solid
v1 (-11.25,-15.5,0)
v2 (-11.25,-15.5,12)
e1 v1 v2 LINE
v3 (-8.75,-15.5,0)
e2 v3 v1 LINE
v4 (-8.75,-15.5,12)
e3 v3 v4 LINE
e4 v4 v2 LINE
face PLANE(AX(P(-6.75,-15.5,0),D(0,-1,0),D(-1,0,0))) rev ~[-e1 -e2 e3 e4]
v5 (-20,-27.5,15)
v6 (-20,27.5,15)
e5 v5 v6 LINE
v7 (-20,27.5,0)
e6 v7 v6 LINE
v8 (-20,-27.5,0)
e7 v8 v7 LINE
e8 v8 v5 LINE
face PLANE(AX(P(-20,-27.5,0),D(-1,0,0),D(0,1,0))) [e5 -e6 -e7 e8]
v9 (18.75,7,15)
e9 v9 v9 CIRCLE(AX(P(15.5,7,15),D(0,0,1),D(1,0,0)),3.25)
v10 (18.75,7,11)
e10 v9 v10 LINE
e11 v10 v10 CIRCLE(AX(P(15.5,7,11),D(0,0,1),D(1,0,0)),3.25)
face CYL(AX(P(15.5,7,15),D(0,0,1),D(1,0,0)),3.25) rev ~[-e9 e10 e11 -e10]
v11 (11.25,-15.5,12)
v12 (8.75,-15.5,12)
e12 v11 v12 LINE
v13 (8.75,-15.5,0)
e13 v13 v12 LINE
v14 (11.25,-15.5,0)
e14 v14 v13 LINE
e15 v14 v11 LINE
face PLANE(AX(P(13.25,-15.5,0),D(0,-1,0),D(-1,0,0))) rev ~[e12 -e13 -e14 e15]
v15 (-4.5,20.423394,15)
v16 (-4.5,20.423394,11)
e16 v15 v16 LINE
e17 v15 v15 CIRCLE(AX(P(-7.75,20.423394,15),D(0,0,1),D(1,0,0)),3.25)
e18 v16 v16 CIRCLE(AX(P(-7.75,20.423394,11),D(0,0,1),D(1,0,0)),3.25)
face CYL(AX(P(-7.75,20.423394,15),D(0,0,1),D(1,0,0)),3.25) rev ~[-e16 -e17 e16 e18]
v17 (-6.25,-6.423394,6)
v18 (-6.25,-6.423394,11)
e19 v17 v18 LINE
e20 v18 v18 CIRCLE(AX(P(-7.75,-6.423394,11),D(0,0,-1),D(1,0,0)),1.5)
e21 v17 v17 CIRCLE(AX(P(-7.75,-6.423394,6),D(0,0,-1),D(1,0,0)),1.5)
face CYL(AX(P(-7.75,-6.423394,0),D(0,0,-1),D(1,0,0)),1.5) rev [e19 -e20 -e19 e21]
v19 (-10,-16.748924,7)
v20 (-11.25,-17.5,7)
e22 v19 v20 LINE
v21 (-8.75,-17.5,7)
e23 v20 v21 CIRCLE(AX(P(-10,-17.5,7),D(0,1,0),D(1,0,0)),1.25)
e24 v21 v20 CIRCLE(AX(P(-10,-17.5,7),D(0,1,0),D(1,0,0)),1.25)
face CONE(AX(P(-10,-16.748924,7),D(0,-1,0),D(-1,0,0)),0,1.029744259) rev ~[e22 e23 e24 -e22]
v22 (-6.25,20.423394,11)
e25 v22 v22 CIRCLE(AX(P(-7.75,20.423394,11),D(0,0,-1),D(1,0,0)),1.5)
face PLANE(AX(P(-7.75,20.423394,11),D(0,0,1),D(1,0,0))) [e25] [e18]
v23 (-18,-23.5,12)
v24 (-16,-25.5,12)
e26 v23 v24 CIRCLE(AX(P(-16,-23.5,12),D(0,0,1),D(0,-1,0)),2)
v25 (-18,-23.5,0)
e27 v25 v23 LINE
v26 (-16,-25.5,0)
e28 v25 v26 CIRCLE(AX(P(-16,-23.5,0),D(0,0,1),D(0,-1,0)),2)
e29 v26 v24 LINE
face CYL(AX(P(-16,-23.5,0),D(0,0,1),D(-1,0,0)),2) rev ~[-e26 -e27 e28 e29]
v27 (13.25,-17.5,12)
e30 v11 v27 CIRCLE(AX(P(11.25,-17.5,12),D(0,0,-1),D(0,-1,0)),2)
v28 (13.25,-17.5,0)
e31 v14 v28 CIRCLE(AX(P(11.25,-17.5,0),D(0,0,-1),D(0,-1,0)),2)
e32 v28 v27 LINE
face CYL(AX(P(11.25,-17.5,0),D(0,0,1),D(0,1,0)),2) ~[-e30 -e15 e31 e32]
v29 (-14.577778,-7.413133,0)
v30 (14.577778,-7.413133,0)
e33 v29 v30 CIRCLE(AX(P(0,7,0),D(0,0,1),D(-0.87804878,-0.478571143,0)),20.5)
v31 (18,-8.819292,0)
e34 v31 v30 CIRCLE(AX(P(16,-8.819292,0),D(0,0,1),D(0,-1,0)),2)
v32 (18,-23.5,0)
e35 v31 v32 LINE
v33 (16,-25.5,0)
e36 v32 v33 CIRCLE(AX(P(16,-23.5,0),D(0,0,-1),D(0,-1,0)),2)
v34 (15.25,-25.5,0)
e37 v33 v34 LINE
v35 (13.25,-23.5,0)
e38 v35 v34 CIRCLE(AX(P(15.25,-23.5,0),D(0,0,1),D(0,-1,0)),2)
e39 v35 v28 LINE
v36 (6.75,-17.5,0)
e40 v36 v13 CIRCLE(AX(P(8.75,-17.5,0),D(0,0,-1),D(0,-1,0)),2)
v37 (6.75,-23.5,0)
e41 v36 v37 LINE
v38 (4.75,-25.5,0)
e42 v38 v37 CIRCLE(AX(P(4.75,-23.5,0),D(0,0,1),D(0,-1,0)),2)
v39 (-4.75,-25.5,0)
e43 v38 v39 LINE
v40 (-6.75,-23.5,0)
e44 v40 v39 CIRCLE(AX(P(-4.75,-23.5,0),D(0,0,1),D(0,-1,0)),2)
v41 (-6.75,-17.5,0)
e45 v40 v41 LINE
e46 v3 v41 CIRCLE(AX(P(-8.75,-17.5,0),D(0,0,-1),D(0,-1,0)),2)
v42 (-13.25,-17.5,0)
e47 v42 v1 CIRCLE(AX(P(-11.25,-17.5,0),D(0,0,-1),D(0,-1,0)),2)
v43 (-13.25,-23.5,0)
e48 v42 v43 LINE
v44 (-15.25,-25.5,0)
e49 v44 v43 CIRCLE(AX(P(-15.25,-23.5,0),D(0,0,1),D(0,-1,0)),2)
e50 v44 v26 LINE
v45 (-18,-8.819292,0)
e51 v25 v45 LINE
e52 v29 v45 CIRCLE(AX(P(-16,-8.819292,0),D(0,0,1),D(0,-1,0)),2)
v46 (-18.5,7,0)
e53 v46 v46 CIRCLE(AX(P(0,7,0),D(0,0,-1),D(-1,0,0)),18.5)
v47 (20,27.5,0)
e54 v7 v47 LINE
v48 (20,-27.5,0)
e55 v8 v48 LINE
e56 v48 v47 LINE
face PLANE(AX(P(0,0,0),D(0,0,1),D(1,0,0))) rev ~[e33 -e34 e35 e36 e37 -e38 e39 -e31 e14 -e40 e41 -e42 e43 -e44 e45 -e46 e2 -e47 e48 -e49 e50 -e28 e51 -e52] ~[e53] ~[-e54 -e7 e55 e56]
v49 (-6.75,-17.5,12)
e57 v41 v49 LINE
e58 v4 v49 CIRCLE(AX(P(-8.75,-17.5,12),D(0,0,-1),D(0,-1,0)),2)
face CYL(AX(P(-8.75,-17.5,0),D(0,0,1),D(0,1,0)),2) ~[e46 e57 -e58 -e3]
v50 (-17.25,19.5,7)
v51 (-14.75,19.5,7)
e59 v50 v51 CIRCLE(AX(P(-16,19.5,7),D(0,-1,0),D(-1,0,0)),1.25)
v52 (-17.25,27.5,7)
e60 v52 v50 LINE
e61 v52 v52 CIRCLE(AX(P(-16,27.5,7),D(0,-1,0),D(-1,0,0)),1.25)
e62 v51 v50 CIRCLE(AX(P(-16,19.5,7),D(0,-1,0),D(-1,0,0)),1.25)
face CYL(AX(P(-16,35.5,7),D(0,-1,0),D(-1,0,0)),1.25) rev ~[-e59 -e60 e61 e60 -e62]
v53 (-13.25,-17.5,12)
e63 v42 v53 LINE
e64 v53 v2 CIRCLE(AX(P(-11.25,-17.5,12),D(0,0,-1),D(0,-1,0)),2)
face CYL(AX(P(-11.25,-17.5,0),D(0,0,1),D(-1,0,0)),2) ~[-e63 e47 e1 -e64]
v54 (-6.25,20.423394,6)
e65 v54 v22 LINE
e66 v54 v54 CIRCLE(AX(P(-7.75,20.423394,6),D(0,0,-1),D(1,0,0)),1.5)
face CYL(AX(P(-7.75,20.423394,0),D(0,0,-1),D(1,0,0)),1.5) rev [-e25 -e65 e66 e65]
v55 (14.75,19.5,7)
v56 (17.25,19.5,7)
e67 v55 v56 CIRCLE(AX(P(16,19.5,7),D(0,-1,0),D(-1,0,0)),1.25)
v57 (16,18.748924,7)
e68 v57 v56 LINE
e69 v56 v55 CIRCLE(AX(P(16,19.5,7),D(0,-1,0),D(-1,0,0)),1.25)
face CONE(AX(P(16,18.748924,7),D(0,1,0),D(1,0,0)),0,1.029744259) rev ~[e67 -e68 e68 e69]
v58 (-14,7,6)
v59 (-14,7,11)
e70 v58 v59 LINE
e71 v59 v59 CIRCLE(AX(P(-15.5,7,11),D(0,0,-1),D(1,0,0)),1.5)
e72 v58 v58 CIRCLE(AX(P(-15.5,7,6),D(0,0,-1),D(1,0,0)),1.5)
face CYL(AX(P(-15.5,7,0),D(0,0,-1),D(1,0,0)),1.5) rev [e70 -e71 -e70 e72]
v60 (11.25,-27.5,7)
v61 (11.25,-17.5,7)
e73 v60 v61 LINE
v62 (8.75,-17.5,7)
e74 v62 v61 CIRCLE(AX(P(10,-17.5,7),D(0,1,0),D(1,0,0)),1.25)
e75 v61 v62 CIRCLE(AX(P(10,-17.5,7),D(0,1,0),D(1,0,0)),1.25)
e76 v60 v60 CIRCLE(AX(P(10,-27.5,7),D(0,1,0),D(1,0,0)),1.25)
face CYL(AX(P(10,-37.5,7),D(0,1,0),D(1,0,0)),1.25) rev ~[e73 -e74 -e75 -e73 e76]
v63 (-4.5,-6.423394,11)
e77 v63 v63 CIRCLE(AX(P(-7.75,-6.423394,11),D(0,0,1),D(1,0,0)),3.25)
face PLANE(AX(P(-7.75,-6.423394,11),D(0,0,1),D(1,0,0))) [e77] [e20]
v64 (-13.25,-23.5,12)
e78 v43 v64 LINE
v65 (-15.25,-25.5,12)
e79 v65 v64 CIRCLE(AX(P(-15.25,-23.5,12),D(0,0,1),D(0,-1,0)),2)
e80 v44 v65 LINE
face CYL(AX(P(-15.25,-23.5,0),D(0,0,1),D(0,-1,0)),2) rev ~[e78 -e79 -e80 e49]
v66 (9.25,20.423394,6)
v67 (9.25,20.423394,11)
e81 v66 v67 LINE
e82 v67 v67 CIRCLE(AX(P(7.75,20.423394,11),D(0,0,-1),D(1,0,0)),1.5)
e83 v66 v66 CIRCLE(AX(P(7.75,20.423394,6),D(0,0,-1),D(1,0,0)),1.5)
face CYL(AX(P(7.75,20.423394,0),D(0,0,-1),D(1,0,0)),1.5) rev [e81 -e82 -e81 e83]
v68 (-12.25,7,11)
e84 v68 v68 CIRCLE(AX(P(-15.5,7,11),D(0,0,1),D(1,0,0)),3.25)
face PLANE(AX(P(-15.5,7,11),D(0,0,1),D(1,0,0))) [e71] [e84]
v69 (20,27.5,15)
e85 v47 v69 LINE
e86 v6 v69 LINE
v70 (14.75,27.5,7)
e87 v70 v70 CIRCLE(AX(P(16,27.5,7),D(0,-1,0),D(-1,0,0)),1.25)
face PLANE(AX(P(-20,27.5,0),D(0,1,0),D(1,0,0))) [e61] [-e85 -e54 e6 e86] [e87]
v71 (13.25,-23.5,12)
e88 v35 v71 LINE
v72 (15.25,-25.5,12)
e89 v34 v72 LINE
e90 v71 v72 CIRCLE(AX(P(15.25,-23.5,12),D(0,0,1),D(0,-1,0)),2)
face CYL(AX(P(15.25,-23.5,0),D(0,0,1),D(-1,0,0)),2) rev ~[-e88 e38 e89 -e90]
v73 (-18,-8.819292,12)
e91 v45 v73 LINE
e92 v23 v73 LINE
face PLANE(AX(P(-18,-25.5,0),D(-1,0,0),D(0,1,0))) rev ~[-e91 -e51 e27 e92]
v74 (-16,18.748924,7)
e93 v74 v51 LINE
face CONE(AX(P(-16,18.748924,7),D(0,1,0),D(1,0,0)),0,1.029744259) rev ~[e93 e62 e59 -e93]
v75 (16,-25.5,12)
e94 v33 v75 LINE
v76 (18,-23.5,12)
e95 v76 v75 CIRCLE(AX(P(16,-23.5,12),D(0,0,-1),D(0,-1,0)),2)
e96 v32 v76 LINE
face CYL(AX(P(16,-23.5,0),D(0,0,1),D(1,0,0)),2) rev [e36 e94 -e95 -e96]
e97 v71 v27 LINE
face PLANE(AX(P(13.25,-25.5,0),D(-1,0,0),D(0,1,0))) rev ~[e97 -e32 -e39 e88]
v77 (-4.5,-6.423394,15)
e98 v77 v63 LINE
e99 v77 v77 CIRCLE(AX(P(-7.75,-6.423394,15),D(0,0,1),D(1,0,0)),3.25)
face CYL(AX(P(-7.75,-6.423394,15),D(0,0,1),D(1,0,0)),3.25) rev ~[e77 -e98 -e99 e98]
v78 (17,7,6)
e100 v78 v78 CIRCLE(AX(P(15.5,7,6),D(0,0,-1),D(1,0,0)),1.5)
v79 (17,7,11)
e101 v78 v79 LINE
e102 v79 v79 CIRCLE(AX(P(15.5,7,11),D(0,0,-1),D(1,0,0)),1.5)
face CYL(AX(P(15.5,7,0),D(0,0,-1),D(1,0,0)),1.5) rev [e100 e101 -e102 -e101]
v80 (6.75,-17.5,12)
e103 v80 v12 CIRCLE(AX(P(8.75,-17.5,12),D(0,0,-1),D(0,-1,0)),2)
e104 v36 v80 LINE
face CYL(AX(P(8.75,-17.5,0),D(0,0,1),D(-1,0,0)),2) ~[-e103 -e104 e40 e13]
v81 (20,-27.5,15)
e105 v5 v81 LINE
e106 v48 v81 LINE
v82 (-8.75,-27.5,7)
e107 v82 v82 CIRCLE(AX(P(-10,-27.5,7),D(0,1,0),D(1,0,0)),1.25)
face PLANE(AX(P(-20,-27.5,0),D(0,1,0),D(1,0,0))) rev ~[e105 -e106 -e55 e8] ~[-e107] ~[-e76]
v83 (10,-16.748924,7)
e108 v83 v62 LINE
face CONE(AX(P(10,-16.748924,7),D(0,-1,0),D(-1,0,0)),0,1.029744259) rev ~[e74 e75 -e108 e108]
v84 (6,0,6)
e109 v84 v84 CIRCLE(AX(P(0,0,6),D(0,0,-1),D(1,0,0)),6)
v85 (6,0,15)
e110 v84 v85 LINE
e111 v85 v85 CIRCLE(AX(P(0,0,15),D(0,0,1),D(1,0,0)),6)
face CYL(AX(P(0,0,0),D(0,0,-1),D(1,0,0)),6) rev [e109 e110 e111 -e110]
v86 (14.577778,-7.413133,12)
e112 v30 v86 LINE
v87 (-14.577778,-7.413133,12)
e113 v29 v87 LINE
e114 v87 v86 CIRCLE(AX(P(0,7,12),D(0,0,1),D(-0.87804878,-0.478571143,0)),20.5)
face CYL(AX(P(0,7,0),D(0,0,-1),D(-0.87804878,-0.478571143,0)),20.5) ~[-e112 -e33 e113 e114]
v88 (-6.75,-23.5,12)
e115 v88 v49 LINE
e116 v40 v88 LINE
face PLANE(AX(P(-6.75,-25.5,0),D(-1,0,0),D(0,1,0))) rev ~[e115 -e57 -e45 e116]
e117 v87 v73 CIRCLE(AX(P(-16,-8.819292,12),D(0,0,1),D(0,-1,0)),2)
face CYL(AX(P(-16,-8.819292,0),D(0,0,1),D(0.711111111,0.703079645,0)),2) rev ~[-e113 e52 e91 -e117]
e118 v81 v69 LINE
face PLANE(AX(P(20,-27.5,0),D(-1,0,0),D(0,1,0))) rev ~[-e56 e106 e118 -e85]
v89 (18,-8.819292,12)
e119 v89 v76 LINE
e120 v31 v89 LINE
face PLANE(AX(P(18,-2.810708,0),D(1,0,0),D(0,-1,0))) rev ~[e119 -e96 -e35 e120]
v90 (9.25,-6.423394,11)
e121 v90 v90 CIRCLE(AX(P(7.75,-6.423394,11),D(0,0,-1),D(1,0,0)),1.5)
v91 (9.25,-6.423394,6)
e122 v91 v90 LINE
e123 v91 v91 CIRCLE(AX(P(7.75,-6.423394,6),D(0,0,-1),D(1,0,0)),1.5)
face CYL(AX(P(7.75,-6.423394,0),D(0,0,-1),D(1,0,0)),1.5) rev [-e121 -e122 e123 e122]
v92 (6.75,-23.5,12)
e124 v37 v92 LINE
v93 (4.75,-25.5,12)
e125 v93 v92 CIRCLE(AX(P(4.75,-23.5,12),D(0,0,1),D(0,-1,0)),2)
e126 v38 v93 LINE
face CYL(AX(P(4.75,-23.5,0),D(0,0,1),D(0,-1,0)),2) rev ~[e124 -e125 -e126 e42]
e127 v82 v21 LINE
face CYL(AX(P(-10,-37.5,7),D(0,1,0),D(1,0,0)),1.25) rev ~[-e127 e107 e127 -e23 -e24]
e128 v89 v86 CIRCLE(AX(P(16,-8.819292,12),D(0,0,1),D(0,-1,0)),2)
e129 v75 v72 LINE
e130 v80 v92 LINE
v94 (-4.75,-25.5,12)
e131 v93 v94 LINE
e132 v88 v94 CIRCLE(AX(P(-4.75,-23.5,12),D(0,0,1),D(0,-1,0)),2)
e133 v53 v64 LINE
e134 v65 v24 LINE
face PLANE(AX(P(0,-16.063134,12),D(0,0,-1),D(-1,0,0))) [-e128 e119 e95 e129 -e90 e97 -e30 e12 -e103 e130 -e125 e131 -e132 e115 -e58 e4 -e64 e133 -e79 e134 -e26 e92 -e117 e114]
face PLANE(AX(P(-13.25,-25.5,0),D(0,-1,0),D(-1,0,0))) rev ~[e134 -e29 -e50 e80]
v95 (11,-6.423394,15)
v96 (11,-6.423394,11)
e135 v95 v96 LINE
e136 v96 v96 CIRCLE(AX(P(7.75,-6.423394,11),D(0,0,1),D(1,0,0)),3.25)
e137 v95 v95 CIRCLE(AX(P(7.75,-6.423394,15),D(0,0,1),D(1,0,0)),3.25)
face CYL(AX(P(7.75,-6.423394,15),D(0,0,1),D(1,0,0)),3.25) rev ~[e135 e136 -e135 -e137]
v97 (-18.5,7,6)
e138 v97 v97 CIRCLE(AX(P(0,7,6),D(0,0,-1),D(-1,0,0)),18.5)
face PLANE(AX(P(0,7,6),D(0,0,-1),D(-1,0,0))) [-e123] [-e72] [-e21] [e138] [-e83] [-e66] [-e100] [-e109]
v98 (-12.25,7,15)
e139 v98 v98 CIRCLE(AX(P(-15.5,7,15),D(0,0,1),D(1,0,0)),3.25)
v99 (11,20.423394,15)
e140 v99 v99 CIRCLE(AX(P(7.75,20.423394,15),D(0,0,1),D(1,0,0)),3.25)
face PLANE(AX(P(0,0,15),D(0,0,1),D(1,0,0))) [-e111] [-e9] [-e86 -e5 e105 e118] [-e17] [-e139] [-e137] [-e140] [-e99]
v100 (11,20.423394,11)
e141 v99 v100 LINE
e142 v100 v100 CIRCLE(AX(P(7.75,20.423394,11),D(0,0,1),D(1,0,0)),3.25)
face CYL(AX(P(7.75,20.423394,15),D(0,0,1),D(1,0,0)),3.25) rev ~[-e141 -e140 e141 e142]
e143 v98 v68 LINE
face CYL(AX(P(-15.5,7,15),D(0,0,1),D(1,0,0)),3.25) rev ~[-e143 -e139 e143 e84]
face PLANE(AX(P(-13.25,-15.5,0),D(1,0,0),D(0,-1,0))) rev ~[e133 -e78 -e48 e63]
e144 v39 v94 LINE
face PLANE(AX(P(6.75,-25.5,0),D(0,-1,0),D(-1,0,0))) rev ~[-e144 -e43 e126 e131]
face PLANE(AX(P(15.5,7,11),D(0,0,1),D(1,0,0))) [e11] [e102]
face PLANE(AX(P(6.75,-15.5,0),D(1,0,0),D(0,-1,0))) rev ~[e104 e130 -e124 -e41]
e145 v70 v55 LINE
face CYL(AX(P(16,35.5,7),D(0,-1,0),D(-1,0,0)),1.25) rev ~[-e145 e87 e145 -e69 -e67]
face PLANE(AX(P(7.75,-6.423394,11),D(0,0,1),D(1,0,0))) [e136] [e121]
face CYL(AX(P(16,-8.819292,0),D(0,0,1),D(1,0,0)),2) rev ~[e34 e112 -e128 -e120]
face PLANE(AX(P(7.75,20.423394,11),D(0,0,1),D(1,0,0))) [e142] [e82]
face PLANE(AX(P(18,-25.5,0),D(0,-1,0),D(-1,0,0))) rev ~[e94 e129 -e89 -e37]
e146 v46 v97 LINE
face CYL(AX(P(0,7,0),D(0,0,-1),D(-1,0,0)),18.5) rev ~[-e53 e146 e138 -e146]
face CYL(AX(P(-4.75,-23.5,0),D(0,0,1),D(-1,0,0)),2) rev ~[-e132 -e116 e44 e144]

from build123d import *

# Parameters (mm, degrees)
SKETCH1_W             = 40
SKETCH1_H             = 55
SKETCH1_R             = 6
SKETCH1_R_2           = 1.5
BOSS_EXTRUDE1_DEPTH   = 15
SKETCH2_R             = 18.5
CUT_EXTRUDE1_DEPTH    = 6
M3_TAPPED_HOLE1_D     = 2.5
M3_TAPPED_HOLE1_DEPTH = 10
M3_TAPPED_HOLE1_TIP   = 0.751075774
M3_TAPPED_HOLE2_D     = 2.5
M3_TAPPED_HOLE2_DEPTH = 8
M3_TAPPED_HOLE2_TIP   = 0.751075774
SKETCH7_R             = 3.25
CUT_EXTRUDE2_DEPTH    = 4
CUT_EXTRUDE3_DEPTH    = 12
FILLET1_R             = 2
SKETCH10_W            = 3
SKETCH10_H            = 48
BOSS_EXTRUDE2_DEPTH   = 15


with BuildPart() as part:
    # Sketch1 → Boss-Extrude1 (new body)
    with BuildSketch(Plane.XY):
        Rectangle(SKETCH1_W, SKETCH1_H)
        Circle(SKETCH1_R, mode=Mode.SUBTRACT)
        with Locations((15.5, 7)):
            Circle(SKETCH1_R_2, mode=Mode.SUBTRACT)
        with Locations((7.75, -6.423393759)):
            Circle(SKETCH1_R_2, mode=Mode.SUBTRACT)
        with Locations((-7.75, -6.423393759)):
            Circle(SKETCH1_R_2, mode=Mode.SUBTRACT)
        with Locations((-15.5, 7)):
            Circle(SKETCH1_R_2, mode=Mode.SUBTRACT)
        with Locations((-7.75, 20.423393759)):
            Circle(SKETCH1_R_2, mode=Mode.SUBTRACT)
        with Locations((7.75, 20.423393759)):
            Circle(SKETCH1_R_2, mode=Mode.SUBTRACT)
    extrude(amount=BOSS_EXTRUDE1_DEPTH)

    # Sketch2 → Cut-Extrude1 (cut)
    with BuildSketch(Plane(origin=(0, 0, 0), x_dir=(-1, 0, 0), z_dir=(0, 0, -1))):
        with Locations((0, 7)):
            Circle(SKETCH2_R)
    extrude(amount=-CUT_EXTRUDE1_DEPTH, mode=Mode.SUBTRACT)

    # M3 Tapped Hole1
    with Locations(Plane(origin=(0, -27.5, 0), x_dir=(-1, 0, 0), z_dir=(0, -1, 0))):
        with Locations((-10, -7), (10, -7)):
            Hole(M3_TAPPED_HOLE1_D / 2, depth=M3_TAPPED_HOLE1_DEPTH)
            with Locations((0, 0, -(M3_TAPPED_HOLE1_DEPTH + M3_TAPPED_HOLE1_TIP / 2))):  # 118° drill point
                Cone(0, M3_TAPPED_HOLE1_D / 2, M3_TAPPED_HOLE1_TIP, mode=Mode.SUBTRACT)

    # M3 Tapped Hole2
    with Locations(Plane(origin=(0, 27.5, 0), x_dir=(1, 0, 0), z_dir=(0, 1, 0))):
        with Locations((-16, -7), (16, -7)):
            Hole(M3_TAPPED_HOLE2_D / 2, depth=M3_TAPPED_HOLE2_DEPTH)
            with Locations((0, 0, -(M3_TAPPED_HOLE2_DEPTH + M3_TAPPED_HOLE2_TIP / 2))):  # 118° drill point
                Cone(0, M3_TAPPED_HOLE2_D / 2, M3_TAPPED_HOLE2_TIP, mode=Mode.SUBTRACT)

    # Sketch7 → Cut-Extrude2 (cut)
    with BuildSketch(Plane.XY.offset(15)):
        with Locations((-7.75, 20.423393759)):
            Circle(SKETCH7_R)
        with Locations((7.75, 20.423393759)):
            Circle(SKETCH7_R)
        with Locations((15.5, 7)):
            Circle(SKETCH7_R)
        with Locations((7.75, -6.423393759)):
            Circle(SKETCH7_R)
        with Locations((-7.75, -6.423393759)):
            Circle(SKETCH7_R)
        with Locations((-15.5, 7)):
            Circle(SKETCH7_R)
    extrude(amount=-CUT_EXTRUDE2_DEPTH, mode=Mode.SUBTRACT)

    # Sketch9 → Cut-Extrude3 (cut)
    with BuildSketch(Plane(origin=(0, 0, 0), x_dir=(-1, 0, 0), z_dir=(0, 0, -1))):
        with BuildLine():
            Line((-18, -25.5), (-13.25, -25.5))
            Line((-13.25, -25.5), (-13.25, -15.5))
            Line((-13.25, -15.5), (-6.75, -15.5))
            Line((-6.75, -15.5), (-6.75, -25.5))
            Line((-6.75, -25.5), (6.75, -25.5))
            Line((6.75, -25.5), (6.75, -15.5))
            Line((6.75, -15.5), (13.25, -15.5))
            Line((13.25, -15.5), (13.25, -25.5))
            Line((13.25, -25.5), (18, -25.5))
            Line((18, -25.5), (18, -2.810708435))
            ThreePointArc((18, -2.810708435), (0, -13.5), (-18, -2.810708435))
            Line((-18, -2.810708435), (-18, -25.5))
        make_face()
    extrude(amount=-CUT_EXTRUDE3_DEPTH, mode=Mode.SUBTRACT)

    # Fillet1
    fillet1_edges = [part.edges().sort_by_distance(p)[0] for p in [
        (18, -25.5, 6),
        (18, -2.810708435, 6),
        (-18, -2.810708435, 6),
        (-18, -25.5, 6),
        (-13.25, -25.5, 6),
        (-13.25, -15.5, 6),
        (-6.75, -15.5, 6),
        (-6.75, -25.5, 6),
        (6.75, -25.5, 6),
        (6.75, -15.5, 6),
        (13.25, -15.5, 6),
        (13.25, -25.5, 6),
    ]]
    fillet(fillet1_edges, radius=FILLET1_R)

    # Sketch10 → Boss-Extrude2 (add)
    with BuildSketch(Plane.XY.offset(15)):
        with Locations((-21.5, 3.5)):
            Rectangle(SKETCH10_W, SKETCH10_H)
        with Locations((21.5, 3.5)):
            Rectangle(SKETCH10_W, SKETCH10_H)
    extrude(amount=BOSS_EXTRUDE2_DEPTH)


with BuildPart() as boss_extrude2_kept_piece:
    # of the separate pieces the step leaves, the one the design keeps (boss_extrude2_pieces_kept)
    add(part.part.solids().sort_by_distance((18, -8.81929202, 0))[0])


solid = boss_extrude2_kept_piece.part
